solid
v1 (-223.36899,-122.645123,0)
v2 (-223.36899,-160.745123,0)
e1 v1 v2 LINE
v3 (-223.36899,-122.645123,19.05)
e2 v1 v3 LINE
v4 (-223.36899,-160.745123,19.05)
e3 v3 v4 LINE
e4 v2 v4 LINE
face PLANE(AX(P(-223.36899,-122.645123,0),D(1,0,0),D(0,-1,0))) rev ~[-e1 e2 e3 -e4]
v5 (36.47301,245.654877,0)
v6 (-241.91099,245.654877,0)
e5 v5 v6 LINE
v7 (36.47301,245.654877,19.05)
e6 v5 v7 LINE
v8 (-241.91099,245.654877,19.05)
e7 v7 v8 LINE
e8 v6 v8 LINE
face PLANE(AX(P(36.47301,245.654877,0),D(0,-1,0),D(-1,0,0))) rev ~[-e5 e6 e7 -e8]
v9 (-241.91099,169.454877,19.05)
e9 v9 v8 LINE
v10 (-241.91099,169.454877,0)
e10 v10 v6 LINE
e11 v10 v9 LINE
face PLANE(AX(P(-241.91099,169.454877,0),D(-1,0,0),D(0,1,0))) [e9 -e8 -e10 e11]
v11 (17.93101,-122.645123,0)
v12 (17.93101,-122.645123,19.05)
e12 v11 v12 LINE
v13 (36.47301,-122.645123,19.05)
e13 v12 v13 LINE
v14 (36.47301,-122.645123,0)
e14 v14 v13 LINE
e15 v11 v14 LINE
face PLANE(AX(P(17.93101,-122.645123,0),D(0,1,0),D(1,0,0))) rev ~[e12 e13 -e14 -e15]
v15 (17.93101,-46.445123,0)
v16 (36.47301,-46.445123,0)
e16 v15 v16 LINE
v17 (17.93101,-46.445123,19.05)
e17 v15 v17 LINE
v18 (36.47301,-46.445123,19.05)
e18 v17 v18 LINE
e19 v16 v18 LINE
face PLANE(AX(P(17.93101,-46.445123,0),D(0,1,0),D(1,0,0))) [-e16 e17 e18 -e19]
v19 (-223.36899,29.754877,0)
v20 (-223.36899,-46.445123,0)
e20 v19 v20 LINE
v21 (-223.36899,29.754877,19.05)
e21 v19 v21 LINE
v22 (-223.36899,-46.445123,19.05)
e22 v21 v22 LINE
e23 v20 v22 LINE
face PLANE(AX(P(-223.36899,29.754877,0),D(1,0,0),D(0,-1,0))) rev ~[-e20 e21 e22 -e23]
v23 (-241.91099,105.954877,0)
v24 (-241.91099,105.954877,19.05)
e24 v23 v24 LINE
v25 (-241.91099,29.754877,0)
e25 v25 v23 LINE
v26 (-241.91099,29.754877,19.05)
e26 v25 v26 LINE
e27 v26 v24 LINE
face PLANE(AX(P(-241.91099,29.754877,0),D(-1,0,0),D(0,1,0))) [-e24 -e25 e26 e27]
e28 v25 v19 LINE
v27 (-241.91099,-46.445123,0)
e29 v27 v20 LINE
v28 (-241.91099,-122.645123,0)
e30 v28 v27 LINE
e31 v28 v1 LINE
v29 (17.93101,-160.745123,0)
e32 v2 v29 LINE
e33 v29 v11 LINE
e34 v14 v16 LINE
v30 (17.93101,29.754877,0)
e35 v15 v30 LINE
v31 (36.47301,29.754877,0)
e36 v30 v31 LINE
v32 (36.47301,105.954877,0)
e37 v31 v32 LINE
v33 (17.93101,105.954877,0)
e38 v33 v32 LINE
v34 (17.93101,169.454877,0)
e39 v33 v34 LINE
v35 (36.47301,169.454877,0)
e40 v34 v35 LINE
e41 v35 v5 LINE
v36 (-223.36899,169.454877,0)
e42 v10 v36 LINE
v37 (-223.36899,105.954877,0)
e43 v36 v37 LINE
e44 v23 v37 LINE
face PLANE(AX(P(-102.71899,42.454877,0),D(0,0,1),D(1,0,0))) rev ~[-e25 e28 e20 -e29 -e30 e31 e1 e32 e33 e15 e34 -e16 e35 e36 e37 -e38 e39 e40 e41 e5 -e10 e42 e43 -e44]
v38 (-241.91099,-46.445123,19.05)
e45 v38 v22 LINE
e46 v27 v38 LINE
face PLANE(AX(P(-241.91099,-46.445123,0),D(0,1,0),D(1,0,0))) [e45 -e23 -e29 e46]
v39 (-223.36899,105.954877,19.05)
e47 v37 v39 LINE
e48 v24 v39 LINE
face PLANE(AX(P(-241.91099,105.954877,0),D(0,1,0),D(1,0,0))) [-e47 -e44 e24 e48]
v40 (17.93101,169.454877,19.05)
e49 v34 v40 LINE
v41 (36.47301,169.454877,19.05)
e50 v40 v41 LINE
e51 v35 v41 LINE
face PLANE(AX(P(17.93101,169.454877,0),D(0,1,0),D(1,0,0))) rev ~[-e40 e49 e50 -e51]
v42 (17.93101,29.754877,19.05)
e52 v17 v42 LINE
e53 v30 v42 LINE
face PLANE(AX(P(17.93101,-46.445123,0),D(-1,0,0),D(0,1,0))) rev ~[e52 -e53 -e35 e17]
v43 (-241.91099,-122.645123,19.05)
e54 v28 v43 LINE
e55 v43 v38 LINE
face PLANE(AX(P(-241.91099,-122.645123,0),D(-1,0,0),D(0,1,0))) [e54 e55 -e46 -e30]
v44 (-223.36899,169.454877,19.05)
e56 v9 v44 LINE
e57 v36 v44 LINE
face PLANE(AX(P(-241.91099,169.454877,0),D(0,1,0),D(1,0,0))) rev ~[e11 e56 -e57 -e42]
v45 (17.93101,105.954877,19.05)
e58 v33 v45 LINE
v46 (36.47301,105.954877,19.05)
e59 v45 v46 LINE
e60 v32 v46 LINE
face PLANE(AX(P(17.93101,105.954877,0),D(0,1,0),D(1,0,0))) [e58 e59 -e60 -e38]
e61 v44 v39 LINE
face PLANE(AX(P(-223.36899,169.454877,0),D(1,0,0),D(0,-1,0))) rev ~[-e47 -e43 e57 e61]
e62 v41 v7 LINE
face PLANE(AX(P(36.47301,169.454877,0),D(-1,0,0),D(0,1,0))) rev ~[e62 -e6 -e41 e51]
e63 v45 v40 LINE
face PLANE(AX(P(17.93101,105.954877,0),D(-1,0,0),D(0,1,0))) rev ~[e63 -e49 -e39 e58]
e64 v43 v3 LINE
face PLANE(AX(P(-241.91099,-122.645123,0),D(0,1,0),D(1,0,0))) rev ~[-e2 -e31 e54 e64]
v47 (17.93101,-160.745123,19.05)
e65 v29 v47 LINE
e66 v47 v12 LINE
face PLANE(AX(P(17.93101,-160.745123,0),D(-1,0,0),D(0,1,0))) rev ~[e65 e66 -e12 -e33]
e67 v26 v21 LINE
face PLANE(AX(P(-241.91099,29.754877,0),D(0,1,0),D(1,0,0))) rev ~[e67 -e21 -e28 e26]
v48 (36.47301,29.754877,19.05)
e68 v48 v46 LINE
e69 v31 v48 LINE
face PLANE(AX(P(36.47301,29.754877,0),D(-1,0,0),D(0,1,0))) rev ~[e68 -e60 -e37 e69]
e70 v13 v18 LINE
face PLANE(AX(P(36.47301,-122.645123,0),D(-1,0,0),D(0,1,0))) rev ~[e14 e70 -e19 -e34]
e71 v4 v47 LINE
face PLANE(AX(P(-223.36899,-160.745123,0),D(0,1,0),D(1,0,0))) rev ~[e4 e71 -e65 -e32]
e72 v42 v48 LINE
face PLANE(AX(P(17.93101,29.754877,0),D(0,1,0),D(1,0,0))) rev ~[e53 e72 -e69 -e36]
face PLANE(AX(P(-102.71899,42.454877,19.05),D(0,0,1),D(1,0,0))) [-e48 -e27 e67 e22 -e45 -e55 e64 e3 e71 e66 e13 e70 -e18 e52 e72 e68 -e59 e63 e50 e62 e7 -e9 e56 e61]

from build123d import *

# Parameters (mm, degrees)
F0_W     = 18.542
F0_H     = 76.2
F1_DEPTH = 19.05


with BuildPart() as f1:
    # F0 (on Top) → F1 (new body)
    with BuildSketch(Plane.XY):
        Polygon((17.93101, 245.654877), (-223.36899, 245.654877), (-223.36899, 169.454877), (-223.36899, 105.954877), (-223.36899, 29.754877), (-223.36899, -46.445123), (-223.36899, -122.645123), (-223.36899, -160.745123), (17.93101, -160.745123), (17.93101, -122.645123), (17.93101, -46.445123), (17.93101, 29.754877), (17.93101, 105.954877), (17.93101, 169.454877), align=None)
        with Locations((27.20201, 207.554877)):
            Rectangle(F0_W, F0_H)
        with Locations((27.20201, 67.854877)):
            Rectangle(F0_W, F0_H)
        with Locations((27.20201, -84.545123)):
            Rectangle(F0_W, F0_H)
        with Locations((-232.63999, -84.545123)):
            Rectangle(F0_W, F0_H)
        with Locations((-232.63999, 67.854877)):
            Rectangle(F0_W, F0_H)
        with Locations((-232.63999, 207.554877)):
            Rectangle(F0_W, F0_H)
    extrude(amount=F1_DEPTH)


solid = f1.part
